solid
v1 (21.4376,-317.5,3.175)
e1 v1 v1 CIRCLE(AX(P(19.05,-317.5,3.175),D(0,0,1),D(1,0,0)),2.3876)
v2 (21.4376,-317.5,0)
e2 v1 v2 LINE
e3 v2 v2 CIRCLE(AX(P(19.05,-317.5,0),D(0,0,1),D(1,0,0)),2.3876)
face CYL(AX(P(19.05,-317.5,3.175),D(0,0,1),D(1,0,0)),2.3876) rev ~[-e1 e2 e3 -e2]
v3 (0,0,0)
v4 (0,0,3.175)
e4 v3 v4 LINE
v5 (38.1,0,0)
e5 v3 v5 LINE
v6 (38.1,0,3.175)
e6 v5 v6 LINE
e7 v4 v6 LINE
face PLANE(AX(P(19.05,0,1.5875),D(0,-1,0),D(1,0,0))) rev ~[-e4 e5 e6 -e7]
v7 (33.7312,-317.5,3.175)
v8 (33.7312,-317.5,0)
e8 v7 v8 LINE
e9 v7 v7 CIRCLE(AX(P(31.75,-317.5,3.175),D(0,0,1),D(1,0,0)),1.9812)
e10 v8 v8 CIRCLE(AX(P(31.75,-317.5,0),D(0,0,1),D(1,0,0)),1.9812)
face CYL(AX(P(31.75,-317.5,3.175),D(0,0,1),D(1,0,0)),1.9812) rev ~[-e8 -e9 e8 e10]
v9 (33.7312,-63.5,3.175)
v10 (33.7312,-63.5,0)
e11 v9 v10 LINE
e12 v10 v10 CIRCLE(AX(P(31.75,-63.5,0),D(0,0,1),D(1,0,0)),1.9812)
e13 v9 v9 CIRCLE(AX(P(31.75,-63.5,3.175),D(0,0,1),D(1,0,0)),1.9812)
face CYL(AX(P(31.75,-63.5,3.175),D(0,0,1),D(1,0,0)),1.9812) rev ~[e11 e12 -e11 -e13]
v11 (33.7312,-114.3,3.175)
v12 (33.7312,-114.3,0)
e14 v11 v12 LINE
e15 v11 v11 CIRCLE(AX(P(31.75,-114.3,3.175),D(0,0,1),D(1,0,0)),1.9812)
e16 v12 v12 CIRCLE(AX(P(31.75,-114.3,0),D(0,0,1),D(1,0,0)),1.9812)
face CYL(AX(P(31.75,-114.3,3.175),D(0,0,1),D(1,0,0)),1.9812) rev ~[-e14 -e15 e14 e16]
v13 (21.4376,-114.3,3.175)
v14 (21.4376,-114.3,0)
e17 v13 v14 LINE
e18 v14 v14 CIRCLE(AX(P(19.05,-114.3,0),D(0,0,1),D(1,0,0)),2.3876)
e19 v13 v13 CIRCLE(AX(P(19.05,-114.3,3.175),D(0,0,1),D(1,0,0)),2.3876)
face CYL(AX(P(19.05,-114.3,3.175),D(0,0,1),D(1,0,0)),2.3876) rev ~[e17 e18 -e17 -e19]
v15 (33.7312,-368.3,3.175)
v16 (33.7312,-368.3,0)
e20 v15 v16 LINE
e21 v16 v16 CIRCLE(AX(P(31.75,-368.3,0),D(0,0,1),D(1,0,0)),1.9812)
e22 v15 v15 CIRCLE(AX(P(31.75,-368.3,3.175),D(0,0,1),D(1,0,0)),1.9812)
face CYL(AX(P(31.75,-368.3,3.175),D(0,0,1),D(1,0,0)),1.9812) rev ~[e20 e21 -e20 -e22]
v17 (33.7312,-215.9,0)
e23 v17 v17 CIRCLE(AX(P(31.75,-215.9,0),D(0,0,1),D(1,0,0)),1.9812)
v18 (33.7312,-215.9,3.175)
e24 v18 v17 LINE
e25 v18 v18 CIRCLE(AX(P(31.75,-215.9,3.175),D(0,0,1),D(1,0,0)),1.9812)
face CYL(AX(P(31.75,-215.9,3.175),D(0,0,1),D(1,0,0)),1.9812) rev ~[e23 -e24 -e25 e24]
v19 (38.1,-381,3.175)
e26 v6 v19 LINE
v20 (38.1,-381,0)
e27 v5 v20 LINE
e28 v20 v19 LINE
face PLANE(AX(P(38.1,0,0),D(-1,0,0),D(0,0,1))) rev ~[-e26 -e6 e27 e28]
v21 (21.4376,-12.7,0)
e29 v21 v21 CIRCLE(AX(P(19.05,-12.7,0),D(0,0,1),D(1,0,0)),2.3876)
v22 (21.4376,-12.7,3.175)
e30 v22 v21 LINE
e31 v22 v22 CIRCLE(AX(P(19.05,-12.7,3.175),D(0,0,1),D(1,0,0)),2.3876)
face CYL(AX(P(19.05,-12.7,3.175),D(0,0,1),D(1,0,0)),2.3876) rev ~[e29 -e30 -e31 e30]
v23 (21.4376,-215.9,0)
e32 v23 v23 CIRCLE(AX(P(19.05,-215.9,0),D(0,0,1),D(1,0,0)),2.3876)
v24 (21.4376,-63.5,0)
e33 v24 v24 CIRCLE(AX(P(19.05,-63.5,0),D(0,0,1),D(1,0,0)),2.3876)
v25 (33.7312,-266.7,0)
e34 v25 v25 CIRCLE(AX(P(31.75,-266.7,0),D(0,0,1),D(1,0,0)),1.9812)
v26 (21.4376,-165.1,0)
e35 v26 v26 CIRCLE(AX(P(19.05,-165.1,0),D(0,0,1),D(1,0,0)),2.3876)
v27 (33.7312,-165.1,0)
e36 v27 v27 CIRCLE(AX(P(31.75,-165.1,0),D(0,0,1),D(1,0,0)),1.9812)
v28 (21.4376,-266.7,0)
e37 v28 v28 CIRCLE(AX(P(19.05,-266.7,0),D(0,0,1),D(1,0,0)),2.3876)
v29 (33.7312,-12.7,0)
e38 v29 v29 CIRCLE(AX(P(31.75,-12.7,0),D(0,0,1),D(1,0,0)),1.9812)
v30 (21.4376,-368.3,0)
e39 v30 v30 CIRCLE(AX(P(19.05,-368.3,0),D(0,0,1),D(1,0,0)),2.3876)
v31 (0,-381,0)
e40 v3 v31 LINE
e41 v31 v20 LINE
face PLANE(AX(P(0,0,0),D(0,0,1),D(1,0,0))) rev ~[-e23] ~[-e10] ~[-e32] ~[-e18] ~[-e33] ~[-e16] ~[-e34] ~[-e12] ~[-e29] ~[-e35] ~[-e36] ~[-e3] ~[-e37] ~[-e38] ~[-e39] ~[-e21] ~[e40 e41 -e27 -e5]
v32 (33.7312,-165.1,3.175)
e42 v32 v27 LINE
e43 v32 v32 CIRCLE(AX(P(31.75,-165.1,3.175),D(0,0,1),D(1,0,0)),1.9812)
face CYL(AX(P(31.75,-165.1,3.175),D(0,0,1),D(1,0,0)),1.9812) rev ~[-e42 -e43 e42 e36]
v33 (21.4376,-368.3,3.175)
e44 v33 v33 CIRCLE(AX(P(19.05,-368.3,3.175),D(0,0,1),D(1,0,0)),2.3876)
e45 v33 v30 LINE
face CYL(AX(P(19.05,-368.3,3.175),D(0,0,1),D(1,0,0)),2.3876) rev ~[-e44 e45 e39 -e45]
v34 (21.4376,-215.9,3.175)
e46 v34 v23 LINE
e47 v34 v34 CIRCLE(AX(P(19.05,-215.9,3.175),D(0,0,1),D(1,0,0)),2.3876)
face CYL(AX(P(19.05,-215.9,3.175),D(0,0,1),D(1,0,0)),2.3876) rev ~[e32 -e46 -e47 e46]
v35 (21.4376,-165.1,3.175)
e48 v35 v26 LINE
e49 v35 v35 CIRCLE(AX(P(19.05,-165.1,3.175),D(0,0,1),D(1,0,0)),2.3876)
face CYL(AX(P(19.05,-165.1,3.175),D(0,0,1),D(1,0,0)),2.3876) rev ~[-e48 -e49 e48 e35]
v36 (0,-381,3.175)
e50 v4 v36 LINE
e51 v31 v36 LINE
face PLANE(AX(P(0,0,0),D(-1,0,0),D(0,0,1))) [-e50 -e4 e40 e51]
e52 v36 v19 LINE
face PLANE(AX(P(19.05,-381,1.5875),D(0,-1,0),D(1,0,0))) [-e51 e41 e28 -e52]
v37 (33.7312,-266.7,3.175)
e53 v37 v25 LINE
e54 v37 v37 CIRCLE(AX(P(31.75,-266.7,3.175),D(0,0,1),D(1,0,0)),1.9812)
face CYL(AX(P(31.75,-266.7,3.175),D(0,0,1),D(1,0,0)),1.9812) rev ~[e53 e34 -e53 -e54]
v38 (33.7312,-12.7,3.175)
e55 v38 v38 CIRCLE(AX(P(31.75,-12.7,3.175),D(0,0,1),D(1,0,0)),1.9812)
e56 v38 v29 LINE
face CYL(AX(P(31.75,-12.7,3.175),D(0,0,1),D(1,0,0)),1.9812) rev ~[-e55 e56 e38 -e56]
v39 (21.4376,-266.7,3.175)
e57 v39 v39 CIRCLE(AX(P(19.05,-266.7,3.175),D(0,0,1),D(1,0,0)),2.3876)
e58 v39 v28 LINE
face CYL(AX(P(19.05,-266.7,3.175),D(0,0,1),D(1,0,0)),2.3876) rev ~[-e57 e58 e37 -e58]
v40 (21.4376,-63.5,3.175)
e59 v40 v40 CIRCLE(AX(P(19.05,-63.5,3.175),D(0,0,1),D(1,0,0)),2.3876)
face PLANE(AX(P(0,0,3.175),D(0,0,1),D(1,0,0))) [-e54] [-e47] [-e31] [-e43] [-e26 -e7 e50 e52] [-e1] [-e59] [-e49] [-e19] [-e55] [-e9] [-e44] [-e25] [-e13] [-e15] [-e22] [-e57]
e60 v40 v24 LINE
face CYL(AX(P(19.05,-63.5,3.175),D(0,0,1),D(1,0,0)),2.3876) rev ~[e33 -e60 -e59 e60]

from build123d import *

# Parameters (mm, degrees)
F0_W     = 38.1
F0_H     = 3.175
F1_DEPTH = 381
F2_R     = 2.3876
F2_R_2   = 1.9812
F3_DEPTH = 25.4


with BuildPart() as f1:
    # F0 (on Front) → F1 (new body)
    with BuildSketch(Plane.XZ):
        with Locations((19.05, 1.5875)):
            Rectangle(F0_W, F0_H)
    extrude(amount=F1_DEPTH)

    # F2 (on face) → F3 (cut)
    with BuildSketch(Plane.XY.offset(3.175)):
        with Locations((19.05, -368.3)):
            Circle(F2_R)
        with Locations((31.75, -368.3)):
            Circle(F2_R_2)
        with Locations((19.05, -317.5)):
            Circle(F2_R)
        with Locations((31.75, -317.5)):
            Circle(F2_R_2)
        with Locations((19.05, -266.7)):
            Circle(F2_R)
        with Locations((31.75, -266.7)):
            Circle(F2_R_2)
        with Locations((19.05, -215.9)):
            Circle(F2_R)
        with Locations((31.75, -215.9)):
            Circle(F2_R_2)
        with Locations((31.75, -165.1)):
            Circle(F2_R_2)
        with Locations((19.05, -165.1)):
            Circle(F2_R)
        with Locations((19.05, -114.3)):
            Circle(F2_R)
        with Locations((31.75, -114.3)):
            Circle(F2_R_2)
        with Locations((19.05, -63.5)):
            Circle(F2_R)
        with Locations((31.75, -63.5)):
            Circle(F2_R_2)
        with Locations((19.05, -12.7)):
            Circle(F2_R)
        with Locations((31.75, -12.7)):
            Circle(F2_R_2)
    extrude(amount=-F3_DEPTH, mode=Mode.SUBTRACT)


solid = f1.part
